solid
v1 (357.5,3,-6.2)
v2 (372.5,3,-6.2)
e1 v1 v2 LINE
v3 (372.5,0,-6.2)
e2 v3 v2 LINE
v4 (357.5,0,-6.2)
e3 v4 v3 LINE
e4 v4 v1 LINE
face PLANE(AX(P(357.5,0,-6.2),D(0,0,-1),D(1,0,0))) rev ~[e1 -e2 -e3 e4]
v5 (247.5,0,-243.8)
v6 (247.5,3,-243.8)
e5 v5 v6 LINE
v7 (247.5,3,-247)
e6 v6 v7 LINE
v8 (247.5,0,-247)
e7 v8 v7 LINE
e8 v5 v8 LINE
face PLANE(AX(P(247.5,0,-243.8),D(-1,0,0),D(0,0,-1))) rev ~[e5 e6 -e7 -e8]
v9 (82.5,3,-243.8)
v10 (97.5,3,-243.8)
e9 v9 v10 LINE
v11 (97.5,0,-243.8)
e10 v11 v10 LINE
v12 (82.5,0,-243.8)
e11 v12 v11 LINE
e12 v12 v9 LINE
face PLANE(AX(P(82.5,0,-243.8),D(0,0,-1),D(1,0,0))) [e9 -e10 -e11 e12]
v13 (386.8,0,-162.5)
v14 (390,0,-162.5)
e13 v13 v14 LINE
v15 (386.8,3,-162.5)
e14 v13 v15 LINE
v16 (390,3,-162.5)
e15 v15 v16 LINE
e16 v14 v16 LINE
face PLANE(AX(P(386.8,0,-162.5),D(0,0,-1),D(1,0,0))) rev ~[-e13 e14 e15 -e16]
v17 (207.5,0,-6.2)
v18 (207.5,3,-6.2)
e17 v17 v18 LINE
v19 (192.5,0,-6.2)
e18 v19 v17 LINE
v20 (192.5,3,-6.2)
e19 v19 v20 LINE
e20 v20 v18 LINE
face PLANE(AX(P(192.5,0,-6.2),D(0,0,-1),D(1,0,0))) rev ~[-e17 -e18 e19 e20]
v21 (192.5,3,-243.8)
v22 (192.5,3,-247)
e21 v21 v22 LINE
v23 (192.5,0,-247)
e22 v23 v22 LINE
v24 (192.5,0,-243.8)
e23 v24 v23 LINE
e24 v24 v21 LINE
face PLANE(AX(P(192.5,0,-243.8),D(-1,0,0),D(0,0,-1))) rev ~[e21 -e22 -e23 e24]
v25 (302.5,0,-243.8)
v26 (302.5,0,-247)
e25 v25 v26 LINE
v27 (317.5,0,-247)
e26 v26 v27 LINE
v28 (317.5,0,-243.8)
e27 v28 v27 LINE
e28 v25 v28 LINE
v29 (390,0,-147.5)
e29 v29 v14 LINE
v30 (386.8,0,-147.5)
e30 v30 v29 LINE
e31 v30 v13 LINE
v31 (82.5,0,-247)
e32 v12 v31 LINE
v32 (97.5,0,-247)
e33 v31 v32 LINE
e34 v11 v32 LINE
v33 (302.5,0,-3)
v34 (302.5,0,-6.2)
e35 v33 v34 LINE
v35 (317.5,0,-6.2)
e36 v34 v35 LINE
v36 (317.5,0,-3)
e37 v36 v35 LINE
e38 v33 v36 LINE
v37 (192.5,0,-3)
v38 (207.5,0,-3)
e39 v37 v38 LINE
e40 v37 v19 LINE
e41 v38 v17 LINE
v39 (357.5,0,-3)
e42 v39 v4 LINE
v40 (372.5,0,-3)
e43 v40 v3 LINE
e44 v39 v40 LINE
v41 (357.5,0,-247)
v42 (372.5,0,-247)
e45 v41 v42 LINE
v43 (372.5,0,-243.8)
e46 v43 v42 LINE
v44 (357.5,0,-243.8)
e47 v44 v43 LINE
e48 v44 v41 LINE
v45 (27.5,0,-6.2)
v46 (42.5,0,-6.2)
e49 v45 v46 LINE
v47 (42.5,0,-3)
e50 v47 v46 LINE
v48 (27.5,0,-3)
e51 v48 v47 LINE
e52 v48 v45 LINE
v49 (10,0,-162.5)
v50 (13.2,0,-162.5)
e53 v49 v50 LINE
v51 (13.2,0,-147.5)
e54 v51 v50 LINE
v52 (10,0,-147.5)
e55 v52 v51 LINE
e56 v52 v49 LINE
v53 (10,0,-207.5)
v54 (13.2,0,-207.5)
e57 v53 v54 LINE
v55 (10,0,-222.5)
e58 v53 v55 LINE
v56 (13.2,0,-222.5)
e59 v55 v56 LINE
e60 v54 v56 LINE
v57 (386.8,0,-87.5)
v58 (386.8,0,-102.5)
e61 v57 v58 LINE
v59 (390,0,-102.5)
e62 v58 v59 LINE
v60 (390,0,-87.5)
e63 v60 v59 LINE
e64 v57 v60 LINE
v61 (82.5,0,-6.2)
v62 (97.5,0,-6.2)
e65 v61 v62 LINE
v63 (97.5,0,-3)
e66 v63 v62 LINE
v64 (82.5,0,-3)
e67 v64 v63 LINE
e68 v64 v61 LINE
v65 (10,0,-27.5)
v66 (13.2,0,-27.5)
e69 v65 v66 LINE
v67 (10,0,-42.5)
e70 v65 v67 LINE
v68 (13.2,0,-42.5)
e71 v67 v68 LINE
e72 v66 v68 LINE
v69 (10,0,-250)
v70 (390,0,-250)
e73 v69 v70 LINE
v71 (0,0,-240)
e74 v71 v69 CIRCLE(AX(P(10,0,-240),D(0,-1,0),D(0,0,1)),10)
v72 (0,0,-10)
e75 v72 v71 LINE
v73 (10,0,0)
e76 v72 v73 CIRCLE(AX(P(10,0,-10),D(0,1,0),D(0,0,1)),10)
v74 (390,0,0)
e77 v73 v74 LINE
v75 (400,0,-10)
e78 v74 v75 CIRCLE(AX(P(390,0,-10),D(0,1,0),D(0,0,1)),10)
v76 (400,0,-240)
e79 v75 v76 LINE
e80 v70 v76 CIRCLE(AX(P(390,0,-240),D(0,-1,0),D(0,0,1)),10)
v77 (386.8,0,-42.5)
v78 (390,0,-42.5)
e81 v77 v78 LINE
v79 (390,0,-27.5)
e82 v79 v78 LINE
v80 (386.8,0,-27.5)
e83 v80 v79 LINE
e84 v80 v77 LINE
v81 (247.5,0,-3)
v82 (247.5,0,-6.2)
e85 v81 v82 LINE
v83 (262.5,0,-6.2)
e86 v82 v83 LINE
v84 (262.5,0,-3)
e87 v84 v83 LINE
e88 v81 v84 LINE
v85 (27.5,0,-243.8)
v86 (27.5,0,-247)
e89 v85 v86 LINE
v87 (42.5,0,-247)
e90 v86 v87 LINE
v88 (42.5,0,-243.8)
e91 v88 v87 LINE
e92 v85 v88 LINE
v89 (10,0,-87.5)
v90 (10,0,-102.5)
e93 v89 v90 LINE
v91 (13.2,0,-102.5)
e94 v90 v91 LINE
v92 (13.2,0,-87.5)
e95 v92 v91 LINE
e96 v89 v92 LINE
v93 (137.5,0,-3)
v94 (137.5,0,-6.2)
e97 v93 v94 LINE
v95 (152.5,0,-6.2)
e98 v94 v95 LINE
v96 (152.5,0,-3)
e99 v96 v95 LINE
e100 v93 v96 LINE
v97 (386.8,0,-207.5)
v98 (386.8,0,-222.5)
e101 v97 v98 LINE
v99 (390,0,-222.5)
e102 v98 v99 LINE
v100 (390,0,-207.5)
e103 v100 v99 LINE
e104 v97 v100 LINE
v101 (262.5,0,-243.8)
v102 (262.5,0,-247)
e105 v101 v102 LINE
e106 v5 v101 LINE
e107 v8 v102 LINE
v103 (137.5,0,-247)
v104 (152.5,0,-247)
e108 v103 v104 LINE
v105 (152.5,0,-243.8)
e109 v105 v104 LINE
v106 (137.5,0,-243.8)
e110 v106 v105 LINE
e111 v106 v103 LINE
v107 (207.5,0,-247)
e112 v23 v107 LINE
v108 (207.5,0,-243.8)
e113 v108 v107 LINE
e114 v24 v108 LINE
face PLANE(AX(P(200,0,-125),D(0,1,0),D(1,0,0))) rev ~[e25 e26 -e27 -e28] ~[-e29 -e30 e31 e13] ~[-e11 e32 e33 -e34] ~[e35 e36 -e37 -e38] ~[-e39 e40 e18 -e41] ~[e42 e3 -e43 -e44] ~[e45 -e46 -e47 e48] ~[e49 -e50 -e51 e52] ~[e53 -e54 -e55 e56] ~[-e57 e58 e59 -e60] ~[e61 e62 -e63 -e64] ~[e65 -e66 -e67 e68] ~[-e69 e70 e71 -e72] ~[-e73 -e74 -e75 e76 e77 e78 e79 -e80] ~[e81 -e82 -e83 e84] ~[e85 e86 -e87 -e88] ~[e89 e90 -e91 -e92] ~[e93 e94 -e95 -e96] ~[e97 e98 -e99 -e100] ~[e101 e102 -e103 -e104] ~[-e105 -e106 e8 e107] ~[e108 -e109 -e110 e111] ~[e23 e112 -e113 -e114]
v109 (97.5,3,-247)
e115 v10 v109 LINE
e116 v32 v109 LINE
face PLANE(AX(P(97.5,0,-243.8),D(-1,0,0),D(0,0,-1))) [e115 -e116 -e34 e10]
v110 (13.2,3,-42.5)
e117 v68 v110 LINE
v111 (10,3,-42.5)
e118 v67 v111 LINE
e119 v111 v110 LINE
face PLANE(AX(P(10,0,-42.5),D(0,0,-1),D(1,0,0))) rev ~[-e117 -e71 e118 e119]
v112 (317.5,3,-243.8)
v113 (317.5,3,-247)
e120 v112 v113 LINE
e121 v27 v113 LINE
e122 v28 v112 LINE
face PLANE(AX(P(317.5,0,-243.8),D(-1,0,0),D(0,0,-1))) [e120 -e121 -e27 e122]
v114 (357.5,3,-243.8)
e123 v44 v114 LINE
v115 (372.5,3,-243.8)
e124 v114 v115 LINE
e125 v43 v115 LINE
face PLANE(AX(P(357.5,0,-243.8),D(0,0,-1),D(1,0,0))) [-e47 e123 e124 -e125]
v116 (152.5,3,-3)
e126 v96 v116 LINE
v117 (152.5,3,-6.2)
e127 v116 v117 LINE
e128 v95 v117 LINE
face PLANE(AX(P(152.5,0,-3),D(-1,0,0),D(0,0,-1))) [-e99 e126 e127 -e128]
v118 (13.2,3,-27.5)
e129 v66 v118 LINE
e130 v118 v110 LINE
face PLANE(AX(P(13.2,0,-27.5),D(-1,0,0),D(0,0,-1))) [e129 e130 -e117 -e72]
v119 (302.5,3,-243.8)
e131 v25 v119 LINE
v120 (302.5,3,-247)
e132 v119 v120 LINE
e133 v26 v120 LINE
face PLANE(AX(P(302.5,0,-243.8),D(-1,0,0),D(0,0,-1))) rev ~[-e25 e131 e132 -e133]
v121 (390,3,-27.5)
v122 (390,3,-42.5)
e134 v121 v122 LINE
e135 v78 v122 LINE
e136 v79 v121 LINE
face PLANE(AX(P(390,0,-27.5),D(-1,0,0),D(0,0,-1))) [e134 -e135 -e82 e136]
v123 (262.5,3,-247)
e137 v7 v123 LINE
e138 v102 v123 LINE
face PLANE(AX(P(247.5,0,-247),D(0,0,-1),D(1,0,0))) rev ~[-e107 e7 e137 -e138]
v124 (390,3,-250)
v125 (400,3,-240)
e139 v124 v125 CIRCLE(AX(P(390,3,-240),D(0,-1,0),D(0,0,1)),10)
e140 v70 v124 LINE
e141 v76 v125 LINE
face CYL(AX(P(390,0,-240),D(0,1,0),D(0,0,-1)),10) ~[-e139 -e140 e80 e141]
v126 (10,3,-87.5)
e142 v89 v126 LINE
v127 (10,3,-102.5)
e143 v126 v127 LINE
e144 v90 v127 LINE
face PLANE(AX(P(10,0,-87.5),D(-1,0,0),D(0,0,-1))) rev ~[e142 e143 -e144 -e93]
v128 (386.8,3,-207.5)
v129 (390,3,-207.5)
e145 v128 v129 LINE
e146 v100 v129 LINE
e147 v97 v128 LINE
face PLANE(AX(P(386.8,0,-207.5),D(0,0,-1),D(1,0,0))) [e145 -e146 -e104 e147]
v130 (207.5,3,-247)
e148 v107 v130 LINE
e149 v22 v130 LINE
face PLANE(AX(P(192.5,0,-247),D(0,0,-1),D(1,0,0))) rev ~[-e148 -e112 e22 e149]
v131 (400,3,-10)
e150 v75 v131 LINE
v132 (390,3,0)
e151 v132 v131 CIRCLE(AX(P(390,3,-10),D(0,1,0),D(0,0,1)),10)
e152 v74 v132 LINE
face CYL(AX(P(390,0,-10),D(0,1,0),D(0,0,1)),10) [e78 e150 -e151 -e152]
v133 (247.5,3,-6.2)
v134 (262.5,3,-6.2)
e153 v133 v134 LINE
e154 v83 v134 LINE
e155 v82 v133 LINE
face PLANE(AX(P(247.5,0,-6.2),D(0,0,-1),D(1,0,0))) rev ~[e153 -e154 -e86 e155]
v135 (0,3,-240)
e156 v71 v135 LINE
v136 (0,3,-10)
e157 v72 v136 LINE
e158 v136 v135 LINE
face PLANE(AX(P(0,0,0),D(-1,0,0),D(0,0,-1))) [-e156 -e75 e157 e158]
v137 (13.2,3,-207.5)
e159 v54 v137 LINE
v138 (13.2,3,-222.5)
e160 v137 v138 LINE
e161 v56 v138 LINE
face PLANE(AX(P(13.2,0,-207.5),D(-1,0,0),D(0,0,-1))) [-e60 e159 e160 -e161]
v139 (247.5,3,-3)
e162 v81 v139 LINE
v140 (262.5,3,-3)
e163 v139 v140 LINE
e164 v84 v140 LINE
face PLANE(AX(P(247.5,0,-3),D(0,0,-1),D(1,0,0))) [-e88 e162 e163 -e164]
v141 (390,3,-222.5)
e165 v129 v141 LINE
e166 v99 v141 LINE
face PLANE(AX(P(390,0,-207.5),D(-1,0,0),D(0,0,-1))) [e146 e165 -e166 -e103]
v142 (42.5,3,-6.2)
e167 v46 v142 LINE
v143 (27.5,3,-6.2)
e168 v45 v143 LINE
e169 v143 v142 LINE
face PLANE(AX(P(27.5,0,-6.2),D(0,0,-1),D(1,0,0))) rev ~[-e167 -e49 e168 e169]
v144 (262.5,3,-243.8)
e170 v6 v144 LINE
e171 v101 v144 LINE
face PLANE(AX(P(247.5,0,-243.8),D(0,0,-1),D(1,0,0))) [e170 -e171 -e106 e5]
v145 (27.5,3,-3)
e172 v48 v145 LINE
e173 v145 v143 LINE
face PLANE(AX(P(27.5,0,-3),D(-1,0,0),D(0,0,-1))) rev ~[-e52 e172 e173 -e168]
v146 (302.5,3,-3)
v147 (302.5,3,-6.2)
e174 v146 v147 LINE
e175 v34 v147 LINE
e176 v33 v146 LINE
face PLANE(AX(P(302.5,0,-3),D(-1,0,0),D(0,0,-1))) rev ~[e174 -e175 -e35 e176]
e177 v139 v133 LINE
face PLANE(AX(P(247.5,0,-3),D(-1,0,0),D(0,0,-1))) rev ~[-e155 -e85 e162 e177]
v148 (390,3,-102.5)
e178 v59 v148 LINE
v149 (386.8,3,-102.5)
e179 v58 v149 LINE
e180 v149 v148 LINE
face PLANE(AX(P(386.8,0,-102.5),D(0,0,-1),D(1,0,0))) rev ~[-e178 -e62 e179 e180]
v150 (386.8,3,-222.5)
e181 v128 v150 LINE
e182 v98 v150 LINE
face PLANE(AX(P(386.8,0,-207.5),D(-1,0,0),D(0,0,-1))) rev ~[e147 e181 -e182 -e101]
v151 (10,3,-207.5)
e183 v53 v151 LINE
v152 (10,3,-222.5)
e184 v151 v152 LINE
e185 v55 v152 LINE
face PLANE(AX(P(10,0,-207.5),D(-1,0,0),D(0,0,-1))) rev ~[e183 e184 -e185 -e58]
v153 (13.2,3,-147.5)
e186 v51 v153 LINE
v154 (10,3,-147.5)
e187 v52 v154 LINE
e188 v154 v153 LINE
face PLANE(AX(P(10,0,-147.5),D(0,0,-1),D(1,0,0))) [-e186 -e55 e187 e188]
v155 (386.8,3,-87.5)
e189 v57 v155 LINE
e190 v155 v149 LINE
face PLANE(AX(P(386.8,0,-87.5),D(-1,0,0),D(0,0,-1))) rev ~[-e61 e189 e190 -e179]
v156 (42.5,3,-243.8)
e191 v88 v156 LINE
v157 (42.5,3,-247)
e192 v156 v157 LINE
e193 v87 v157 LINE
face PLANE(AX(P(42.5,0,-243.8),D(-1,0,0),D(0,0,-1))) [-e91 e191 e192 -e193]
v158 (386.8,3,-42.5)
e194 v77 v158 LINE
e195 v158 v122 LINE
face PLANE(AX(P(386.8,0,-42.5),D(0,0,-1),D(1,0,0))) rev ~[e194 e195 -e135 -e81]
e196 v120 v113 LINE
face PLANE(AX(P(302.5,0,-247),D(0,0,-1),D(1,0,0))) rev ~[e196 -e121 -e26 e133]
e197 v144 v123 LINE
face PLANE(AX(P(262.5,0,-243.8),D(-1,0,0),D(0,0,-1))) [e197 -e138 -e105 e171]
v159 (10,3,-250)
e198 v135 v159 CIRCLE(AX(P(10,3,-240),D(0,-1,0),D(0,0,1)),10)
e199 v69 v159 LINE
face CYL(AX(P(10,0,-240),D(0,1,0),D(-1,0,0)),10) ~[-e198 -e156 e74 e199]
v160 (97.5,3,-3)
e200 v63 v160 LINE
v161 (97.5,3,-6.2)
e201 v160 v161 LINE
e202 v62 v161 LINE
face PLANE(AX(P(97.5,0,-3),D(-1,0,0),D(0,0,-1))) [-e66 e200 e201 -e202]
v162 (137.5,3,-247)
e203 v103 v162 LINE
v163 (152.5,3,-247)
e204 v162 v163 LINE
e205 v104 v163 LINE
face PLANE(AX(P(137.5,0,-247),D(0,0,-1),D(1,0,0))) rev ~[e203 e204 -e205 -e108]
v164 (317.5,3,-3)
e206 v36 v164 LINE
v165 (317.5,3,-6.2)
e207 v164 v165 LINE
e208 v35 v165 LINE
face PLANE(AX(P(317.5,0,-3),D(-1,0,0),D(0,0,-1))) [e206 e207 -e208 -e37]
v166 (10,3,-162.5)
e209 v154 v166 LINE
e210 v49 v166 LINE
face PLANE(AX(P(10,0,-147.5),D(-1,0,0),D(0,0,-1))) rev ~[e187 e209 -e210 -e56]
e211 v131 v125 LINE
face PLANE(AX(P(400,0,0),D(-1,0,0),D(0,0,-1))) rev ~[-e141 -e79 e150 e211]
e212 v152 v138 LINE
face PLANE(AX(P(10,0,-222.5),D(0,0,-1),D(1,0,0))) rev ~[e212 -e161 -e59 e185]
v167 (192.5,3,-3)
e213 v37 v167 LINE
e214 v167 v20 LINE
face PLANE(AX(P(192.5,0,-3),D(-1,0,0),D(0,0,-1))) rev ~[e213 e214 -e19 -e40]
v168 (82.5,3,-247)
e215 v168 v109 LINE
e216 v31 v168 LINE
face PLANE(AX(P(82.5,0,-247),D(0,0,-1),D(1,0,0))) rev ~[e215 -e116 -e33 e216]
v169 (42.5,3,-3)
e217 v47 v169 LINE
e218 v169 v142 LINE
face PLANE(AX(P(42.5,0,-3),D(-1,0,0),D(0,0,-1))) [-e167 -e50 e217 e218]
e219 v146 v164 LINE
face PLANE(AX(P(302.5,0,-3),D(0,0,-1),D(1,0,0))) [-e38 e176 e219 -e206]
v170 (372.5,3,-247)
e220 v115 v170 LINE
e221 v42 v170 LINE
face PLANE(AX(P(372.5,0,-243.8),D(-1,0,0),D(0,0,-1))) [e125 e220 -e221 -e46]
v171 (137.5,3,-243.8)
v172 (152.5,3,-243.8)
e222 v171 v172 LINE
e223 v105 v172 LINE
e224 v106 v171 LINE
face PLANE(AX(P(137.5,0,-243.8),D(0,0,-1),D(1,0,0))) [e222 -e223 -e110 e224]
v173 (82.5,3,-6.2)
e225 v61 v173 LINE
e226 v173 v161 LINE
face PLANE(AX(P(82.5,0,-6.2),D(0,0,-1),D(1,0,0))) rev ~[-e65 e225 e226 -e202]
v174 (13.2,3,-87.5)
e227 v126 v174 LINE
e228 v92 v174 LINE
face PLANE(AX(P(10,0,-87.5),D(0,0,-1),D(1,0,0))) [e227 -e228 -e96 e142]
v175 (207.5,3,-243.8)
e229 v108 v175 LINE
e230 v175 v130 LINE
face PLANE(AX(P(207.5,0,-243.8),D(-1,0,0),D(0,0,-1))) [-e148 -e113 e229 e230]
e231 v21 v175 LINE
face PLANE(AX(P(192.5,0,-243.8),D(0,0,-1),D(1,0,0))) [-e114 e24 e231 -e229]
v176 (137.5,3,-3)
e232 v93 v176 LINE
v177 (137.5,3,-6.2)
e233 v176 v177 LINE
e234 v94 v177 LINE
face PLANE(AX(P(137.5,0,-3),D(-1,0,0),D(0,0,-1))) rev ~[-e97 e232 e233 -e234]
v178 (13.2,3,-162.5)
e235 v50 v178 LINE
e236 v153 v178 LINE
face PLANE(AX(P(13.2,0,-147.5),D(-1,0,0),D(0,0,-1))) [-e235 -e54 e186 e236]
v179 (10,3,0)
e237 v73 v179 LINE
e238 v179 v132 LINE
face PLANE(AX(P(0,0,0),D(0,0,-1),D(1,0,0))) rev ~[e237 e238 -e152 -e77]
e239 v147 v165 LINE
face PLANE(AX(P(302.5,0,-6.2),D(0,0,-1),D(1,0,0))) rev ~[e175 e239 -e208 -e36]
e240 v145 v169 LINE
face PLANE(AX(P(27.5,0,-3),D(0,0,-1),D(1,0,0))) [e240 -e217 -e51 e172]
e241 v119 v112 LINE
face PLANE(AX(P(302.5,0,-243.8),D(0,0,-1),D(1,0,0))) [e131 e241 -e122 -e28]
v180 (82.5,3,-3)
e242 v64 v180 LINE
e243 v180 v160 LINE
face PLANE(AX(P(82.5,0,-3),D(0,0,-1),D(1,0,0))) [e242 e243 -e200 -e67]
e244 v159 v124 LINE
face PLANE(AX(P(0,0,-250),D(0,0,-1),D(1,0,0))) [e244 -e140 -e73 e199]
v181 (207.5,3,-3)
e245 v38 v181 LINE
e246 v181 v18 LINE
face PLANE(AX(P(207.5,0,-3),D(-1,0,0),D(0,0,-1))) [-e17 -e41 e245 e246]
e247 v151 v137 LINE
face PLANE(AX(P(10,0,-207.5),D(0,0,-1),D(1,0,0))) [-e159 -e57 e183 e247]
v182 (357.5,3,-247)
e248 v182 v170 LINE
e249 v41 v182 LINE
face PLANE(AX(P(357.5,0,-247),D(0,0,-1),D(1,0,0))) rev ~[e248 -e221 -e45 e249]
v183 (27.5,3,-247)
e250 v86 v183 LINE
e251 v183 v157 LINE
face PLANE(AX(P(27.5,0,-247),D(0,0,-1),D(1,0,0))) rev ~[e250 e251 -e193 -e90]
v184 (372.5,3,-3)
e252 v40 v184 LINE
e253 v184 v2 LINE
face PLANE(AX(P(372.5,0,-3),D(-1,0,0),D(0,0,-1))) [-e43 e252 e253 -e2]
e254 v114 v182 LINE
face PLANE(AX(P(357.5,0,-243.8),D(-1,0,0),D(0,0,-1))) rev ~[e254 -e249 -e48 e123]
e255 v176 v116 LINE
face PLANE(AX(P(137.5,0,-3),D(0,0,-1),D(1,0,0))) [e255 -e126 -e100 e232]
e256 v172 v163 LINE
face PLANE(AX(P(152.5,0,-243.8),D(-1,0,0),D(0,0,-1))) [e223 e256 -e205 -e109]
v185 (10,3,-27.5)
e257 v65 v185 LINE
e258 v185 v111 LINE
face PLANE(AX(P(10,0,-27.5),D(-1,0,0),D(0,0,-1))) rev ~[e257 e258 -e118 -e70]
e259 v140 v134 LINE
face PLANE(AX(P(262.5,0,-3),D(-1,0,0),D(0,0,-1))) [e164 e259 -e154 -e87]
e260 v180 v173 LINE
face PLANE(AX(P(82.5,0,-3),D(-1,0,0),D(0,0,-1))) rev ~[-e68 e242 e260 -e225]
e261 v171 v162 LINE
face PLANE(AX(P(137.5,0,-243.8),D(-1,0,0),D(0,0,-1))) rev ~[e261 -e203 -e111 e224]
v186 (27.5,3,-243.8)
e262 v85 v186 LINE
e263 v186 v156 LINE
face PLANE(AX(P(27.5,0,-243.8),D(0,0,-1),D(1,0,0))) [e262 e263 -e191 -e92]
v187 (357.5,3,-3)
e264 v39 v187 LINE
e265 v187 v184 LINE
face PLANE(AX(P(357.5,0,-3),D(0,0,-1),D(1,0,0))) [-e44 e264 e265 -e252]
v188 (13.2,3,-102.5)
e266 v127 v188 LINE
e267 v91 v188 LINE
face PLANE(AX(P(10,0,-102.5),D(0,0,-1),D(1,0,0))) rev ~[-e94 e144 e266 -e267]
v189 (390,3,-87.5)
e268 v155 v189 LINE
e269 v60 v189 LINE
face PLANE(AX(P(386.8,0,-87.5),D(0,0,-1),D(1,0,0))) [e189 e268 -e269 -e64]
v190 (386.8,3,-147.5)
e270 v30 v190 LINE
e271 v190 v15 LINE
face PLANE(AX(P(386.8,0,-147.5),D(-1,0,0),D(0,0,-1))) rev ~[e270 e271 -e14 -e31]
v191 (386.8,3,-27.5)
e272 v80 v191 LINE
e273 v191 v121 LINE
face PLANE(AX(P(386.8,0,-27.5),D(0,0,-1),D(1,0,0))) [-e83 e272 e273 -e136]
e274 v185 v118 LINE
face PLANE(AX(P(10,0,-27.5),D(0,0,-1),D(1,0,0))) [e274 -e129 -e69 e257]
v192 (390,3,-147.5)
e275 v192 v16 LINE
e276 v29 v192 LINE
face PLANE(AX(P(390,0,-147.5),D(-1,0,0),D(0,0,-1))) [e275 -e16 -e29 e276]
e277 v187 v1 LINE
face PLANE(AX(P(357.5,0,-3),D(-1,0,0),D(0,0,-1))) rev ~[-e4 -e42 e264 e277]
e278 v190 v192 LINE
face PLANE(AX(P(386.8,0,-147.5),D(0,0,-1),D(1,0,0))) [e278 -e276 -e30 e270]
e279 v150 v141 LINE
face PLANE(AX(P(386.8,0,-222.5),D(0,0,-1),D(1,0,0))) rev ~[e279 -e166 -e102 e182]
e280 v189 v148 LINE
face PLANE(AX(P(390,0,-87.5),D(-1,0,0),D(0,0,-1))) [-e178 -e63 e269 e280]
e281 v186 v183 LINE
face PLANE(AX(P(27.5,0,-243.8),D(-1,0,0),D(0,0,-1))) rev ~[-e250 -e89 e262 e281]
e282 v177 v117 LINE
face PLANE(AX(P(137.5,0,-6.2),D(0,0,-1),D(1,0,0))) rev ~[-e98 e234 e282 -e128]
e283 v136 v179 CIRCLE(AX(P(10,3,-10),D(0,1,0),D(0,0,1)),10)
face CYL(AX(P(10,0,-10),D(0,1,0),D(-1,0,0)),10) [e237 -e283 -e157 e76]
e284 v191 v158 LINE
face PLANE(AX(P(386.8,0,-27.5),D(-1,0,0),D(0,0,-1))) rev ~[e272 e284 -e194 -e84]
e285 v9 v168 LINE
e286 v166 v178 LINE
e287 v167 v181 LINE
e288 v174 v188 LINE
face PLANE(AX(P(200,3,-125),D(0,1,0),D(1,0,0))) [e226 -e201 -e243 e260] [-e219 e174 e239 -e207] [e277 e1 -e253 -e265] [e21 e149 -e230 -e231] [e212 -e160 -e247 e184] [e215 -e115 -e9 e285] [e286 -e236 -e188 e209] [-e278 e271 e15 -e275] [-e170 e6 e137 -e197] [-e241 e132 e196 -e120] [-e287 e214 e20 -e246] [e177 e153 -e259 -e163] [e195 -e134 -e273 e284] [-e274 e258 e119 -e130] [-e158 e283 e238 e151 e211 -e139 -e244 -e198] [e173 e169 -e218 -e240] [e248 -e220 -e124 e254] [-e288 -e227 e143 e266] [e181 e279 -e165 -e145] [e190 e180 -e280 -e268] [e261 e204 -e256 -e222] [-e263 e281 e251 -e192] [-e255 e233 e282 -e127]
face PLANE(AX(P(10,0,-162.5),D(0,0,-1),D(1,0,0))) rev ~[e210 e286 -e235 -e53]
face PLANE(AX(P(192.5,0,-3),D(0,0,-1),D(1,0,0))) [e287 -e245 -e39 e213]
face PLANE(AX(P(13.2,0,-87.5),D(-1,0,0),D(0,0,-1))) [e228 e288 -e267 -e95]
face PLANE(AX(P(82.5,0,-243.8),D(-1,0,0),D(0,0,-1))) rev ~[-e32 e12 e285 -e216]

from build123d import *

# Parameters (mm, degrees)
SKETCH1_W           = 400
SKETCH1_H           = 250
SKETCH1_W_2         = 15
SKETCH1_H_2         = 3.2
SKETCH1_W_3         = 3.2
SKETCH1_H_3         = 15
BOSS_EXTRUDE2_DEPTH = 3
FILLET1_R           = 10


with BuildPart() as part:
    # Sketch1 → Boss-Extrude2 (new body)
    with BuildSketch(Plane(origin=(0, 0, 0), x_dir=(1, 0, 0), z_dir=(0, 1, 0))):
        with Locations((200, 125)):
            Rectangle(SKETCH1_W, SKETCH1_H)
        with Locations((90, 4.6)):
            Rectangle(SKETCH1_W_2, SKETCH1_H_2, mode=Mode.SUBTRACT)
        with Locations((35, 4.6)):
            Rectangle(SKETCH1_W_2, SKETCH1_H_2, mode=Mode.SUBTRACT)
        with Locations((145, 4.6)):
            Rectangle(SKETCH1_W_2, SKETCH1_H_2, mode=Mode.SUBTRACT)
        with Locations((200, 4.6)):
            Rectangle(SKETCH1_W_2, SKETCH1_H_2, mode=Mode.SUBTRACT)
        with Locations((255, 4.6)):
            Rectangle(SKETCH1_W_2, SKETCH1_H_2, mode=Mode.SUBTRACT)
        with Locations((310, 4.6)):
            Rectangle(SKETCH1_W_2, SKETCH1_H_2, mode=Mode.SUBTRACT)
        with Locations((365, 4.6)):
            Rectangle(SKETCH1_W_2, SKETCH1_H_2, mode=Mode.SUBTRACT)
        with Locations((365, 245.4)):
            Rectangle(SKETCH1_W_2, SKETCH1_H_2, mode=Mode.SUBTRACT)
        with Locations((310, 245.4)):
            Rectangle(SKETCH1_W_2, SKETCH1_H_2, mode=Mode.SUBTRACT)
        with Locations((255, 245.4)):
            Rectangle(SKETCH1_W_2, SKETCH1_H_2, mode=Mode.SUBTRACT)
        with Locations((200, 245.4)):
            Rectangle(SKETCH1_W_2, SKETCH1_H_2, mode=Mode.SUBTRACT)
        with Locations((35, 245.4)):
            Rectangle(SKETCH1_W_2, SKETCH1_H_2, mode=Mode.SUBTRACT)
        with Locations((90, 245.4)):
            Rectangle(SKETCH1_W_2, SKETCH1_H_2, mode=Mode.SUBTRACT)
        with Locations((145, 245.4)):
            Rectangle(SKETCH1_W_2, SKETCH1_H_2, mode=Mode.SUBTRACT)
        with Locations((11.6, 95)):
            Rectangle(SKETCH1_W_3, SKETCH1_H_3, mode=Mode.SUBTRACT)
        with Locations((11.6, 35)):
            Rectangle(SKETCH1_W_3, SKETCH1_H_3, mode=Mode.SUBTRACT)
        with Locations((11.6, 155)):
            Rectangle(SKETCH1_W_3, SKETCH1_H_3, mode=Mode.SUBTRACT)
        with Locations((11.6, 215)):
            Rectangle(SKETCH1_W_3, SKETCH1_H_3, mode=Mode.SUBTRACT)
        with Locations((388.4, 35)):
            Rectangle(SKETCH1_W_3, SKETCH1_H_3, mode=Mode.SUBTRACT)
        with Locations((388.4, 95)):
            Rectangle(SKETCH1_W_3, SKETCH1_H_3, mode=Mode.SUBTRACT)
        with Locations((388.4, 155)):
            Rectangle(SKETCH1_W_3, SKETCH1_H_3, mode=Mode.SUBTRACT)
        with Locations((388.4, 215)):
            Rectangle(SKETCH1_W_3, SKETCH1_H_3, mode=Mode.SUBTRACT)
    extrude(amount=BOSS_EXTRUDE2_DEPTH)

    # Fillet1
    fillet1_edges = [part.edges().sort_by_distance(p)[0] for p in [
        (0, 1.5, -250),
        (400, 1.5, -250),
        (400, 1.5, 0),
        (0, 1.5, 0),
    ]]
    fillet(fillet1_edges, radius=FILLET1_R)


solid = part.part
